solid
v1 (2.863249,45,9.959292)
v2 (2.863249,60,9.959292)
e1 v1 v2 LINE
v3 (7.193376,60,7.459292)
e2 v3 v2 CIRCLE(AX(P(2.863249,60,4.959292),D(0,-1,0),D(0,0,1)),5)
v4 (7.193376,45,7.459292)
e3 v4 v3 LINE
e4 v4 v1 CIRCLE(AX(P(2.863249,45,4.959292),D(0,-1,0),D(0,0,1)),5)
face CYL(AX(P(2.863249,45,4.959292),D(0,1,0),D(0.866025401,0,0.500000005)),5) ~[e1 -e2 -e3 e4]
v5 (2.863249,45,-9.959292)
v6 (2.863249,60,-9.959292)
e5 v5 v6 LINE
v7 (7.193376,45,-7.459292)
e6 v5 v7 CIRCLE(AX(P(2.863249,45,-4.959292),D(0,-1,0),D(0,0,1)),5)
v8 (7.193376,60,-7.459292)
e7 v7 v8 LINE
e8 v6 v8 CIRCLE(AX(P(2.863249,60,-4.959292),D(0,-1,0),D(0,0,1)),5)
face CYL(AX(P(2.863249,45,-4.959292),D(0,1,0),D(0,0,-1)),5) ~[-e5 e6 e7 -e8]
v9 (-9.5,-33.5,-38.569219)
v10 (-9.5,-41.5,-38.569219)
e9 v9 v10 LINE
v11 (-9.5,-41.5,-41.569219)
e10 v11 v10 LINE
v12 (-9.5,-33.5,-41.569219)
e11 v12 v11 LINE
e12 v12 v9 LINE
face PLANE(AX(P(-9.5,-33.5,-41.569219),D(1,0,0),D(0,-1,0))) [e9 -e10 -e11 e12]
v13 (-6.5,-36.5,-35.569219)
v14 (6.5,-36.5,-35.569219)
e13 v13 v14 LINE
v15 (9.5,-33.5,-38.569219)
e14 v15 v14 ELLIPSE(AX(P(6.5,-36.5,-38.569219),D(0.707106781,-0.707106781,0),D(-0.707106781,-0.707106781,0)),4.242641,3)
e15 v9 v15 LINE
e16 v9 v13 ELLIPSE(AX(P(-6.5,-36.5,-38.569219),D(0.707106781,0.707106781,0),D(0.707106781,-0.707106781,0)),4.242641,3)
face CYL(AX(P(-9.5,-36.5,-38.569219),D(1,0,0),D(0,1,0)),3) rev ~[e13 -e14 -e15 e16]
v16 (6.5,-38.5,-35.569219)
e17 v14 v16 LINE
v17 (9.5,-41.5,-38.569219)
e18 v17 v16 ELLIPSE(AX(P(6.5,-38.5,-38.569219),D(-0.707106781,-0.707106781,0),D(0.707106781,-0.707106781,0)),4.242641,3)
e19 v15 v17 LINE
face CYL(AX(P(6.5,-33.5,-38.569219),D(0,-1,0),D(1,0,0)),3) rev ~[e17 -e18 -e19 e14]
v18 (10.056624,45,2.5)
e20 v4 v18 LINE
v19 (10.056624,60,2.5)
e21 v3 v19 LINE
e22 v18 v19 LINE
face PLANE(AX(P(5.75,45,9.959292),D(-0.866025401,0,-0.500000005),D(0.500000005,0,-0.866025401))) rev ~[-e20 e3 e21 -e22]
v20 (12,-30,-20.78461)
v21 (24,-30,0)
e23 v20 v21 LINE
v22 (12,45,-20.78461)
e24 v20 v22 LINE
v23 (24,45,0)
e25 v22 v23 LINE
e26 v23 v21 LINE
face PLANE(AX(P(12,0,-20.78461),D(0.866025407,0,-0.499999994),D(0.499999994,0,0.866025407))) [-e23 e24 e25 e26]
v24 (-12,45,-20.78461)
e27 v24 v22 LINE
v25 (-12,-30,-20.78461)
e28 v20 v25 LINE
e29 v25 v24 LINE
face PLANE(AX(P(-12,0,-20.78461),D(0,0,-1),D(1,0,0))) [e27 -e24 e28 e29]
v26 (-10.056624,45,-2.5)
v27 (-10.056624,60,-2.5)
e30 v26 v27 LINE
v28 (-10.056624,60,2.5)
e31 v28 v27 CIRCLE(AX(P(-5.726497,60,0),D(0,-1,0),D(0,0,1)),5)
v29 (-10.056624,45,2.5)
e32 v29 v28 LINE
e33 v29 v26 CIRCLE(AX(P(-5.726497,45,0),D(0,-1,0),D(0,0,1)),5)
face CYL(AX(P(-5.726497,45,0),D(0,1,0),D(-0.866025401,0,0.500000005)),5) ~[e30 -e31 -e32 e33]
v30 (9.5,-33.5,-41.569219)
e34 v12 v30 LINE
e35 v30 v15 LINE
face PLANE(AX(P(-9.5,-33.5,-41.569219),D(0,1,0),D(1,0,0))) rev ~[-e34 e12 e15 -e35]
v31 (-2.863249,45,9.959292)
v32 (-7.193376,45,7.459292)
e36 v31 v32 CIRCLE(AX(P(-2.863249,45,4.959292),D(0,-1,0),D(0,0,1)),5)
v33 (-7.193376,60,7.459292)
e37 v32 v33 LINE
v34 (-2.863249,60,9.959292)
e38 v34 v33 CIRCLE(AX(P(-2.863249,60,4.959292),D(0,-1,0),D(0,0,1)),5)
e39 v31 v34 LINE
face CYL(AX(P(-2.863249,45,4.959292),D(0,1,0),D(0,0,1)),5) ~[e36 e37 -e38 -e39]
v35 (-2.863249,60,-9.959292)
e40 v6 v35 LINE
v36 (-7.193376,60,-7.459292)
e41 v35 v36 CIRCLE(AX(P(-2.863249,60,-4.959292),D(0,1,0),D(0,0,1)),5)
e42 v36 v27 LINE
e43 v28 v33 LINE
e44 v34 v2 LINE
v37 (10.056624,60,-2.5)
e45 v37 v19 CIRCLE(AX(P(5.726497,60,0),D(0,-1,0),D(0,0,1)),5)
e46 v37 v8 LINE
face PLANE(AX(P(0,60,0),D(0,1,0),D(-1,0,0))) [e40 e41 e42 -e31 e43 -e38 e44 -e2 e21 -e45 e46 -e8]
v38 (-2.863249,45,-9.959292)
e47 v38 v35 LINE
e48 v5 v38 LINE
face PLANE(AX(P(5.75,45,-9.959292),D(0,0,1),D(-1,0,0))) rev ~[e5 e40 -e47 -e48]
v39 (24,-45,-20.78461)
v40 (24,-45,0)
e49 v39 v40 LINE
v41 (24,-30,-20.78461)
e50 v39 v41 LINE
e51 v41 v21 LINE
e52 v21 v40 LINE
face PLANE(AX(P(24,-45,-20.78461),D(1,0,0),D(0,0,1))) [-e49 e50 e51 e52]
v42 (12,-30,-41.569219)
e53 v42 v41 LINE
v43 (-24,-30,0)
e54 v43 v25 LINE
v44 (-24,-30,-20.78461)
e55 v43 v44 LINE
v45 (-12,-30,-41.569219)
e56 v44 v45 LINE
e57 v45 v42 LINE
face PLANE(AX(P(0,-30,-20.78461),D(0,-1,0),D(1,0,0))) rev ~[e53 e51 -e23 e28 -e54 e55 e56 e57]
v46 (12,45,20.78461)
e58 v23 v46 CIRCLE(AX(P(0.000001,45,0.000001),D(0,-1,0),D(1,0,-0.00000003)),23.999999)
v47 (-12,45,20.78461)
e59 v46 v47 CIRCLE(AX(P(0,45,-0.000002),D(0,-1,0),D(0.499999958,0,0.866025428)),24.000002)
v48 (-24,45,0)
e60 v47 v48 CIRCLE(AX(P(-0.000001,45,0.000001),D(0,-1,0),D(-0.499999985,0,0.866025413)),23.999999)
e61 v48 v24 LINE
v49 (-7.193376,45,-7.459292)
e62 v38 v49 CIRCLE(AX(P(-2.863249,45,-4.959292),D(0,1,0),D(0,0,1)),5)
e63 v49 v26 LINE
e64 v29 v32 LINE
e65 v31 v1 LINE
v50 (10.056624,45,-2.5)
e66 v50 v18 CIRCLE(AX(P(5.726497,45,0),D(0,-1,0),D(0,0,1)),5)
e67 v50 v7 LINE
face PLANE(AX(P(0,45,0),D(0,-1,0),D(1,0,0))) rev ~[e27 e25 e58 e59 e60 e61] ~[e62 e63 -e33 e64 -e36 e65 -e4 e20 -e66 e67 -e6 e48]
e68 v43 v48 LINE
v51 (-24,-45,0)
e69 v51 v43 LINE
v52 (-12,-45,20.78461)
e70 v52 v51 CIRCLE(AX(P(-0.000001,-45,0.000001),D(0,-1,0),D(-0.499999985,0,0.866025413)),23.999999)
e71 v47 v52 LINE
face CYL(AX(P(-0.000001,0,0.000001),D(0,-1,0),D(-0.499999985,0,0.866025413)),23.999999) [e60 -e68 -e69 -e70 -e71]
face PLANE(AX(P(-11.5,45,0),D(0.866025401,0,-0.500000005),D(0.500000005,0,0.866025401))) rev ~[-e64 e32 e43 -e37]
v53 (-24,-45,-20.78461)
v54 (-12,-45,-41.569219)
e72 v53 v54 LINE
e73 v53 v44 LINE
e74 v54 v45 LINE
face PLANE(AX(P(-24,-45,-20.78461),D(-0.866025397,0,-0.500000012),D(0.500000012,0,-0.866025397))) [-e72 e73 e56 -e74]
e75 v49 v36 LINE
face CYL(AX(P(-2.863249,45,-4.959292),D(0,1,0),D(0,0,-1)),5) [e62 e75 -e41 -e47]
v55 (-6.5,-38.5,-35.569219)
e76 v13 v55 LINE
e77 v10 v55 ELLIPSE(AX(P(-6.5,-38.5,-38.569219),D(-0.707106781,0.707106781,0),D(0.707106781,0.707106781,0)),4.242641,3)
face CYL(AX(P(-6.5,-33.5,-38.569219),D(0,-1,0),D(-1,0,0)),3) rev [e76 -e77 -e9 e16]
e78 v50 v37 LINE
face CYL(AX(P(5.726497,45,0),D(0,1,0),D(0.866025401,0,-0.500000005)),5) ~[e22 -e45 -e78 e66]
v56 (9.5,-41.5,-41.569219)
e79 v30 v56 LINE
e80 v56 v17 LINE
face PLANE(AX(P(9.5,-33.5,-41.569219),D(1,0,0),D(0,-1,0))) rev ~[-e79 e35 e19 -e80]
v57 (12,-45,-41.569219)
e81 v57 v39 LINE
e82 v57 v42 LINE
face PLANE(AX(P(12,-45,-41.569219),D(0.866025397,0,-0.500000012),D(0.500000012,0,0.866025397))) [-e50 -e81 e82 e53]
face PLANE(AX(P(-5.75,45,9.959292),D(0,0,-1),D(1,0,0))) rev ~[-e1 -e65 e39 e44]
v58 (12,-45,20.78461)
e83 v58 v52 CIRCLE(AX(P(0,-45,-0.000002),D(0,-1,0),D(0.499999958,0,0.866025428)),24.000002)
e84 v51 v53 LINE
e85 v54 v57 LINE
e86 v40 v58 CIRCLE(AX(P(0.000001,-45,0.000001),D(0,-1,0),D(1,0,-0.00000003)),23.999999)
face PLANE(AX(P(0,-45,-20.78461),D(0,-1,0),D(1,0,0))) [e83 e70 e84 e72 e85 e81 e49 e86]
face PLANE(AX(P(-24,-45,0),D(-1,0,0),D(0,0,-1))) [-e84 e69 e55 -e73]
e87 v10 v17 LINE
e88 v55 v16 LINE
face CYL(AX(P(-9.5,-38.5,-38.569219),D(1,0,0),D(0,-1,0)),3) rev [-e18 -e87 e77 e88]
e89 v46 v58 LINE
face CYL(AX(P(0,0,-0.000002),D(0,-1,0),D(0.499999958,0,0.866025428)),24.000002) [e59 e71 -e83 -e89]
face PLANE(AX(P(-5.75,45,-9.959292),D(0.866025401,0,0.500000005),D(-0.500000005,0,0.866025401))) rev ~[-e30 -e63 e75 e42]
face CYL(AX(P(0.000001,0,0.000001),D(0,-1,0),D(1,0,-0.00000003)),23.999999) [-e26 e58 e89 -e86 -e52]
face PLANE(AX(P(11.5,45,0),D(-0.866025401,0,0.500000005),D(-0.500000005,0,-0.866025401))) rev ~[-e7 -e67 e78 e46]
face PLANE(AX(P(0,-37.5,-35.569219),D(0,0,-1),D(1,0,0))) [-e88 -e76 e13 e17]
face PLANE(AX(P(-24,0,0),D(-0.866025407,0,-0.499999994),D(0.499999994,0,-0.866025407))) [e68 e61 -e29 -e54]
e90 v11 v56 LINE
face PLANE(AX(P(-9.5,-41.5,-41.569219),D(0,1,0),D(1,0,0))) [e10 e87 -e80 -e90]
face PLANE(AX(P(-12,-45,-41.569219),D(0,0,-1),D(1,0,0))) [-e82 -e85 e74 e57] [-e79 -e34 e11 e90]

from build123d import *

# Parameters (mm, degrees)
F1_DEPTH = 45
F3_DEPTH = 15
F4_W     = 19
F4_H     = 8
F5_DEPTH = 6
F7_DEPTH = 15
F8_R     = 3
F9_R     = 5


with BuildPart() as f1:
    # F0 (on Front) → F1 (new body, symmetric)
    with BuildSketch(Plane.XZ):
        Polygon((12, -20.78461), (24, 0), (12, 20.78461), (-12, 20.78461), (-24, 0), (-12, -20.78461), align=None)
        with BuildLine():
            Line((12, 20.78461), (24, 0))
            ThreePointArc((24, 0), (20.78461, 12), (12, 20.78461))
        make_face()
        with BuildLine():
            Line((-12, 20.78461), (12, 20.78461))
            ThreePointArc((12, 20.78461), (0, 24), (-12, 20.78461))
        make_face()
        with BuildLine():
            Line((-24, 0), (-12, 20.78461))
            ThreePointArc((-12, 20.78461), (-20.78461, 12), (-24, 0))
        make_face()
    extrude(amount=F1_DEPTH, both=True)

    # F2 (on face) → F3 (join)
    with BuildSketch(Plane.XZ.offset(45)):
        Polygon((-12, -41.569219), (12, -41.569219), (24, -20.78461), (12, 0), (-12, 0), (-24, -20.78461), align=None)
        Polygon((-24, 0), (-24, -20.78461), (-18, -10.392305), align=None)
        Polygon((18, -10.392305), (24, -20.78461), (24, 0), align=None)
    extrude(amount=-F3_DEPTH)

    # F4 (on face) → F5 (cut)
    with BuildSketch(Plane(origin=(0, 0, -41.569219), x_dir=(1, 0, 0), z_dir=(0, 0, -1))):
        with Locations((0, 37.5)):
            Rectangle(F4_W, F4_H)
    extrude(amount=-F5_DEPTH, mode=Mode.SUBTRACT)

    # F6 (on face) → F7 (join)
    with BuildSketch(Plane(origin=(0, 45, 0), x_dir=(-1, 0, 0), z_dir=(0, 1, 0))):
        Polygon((5.75, -9.959292), (11.5, 0), (5.75, 9.959292), (-5.75, 9.959292), (-11.5, 0), (-5.75, -9.959292), align=None)
    extrude(amount=F7_DEPTH)

    # F8
    f8_edges = [f1.edges().sort_by_distance(p)[0] for p in [
        (9.5, -37.5, -35.569219),
        (0, -41.5, -35.569219),
        (-9.5, -37.5, -35.569219),
        (0, -33.5, -35.569219),
    ]]
    fillet(f8_edges, radius=F8_R)

    # F9
    f9_edges = [f1.edges().sort_by_distance(p)[0] for p in [
        (11.5, 52.5, 0),
        (5.75, 52.5, 9.959292),
        (-5.75, 52.5, 9.959292),
        (-11.5, 52.5, 0),
        (-5.75, 52.5, -9.959292),
        (5.75, 52.5, -9.959292),
    ]]
    fillet(f9_edges, radius=F9_R)


solid = f1.part
